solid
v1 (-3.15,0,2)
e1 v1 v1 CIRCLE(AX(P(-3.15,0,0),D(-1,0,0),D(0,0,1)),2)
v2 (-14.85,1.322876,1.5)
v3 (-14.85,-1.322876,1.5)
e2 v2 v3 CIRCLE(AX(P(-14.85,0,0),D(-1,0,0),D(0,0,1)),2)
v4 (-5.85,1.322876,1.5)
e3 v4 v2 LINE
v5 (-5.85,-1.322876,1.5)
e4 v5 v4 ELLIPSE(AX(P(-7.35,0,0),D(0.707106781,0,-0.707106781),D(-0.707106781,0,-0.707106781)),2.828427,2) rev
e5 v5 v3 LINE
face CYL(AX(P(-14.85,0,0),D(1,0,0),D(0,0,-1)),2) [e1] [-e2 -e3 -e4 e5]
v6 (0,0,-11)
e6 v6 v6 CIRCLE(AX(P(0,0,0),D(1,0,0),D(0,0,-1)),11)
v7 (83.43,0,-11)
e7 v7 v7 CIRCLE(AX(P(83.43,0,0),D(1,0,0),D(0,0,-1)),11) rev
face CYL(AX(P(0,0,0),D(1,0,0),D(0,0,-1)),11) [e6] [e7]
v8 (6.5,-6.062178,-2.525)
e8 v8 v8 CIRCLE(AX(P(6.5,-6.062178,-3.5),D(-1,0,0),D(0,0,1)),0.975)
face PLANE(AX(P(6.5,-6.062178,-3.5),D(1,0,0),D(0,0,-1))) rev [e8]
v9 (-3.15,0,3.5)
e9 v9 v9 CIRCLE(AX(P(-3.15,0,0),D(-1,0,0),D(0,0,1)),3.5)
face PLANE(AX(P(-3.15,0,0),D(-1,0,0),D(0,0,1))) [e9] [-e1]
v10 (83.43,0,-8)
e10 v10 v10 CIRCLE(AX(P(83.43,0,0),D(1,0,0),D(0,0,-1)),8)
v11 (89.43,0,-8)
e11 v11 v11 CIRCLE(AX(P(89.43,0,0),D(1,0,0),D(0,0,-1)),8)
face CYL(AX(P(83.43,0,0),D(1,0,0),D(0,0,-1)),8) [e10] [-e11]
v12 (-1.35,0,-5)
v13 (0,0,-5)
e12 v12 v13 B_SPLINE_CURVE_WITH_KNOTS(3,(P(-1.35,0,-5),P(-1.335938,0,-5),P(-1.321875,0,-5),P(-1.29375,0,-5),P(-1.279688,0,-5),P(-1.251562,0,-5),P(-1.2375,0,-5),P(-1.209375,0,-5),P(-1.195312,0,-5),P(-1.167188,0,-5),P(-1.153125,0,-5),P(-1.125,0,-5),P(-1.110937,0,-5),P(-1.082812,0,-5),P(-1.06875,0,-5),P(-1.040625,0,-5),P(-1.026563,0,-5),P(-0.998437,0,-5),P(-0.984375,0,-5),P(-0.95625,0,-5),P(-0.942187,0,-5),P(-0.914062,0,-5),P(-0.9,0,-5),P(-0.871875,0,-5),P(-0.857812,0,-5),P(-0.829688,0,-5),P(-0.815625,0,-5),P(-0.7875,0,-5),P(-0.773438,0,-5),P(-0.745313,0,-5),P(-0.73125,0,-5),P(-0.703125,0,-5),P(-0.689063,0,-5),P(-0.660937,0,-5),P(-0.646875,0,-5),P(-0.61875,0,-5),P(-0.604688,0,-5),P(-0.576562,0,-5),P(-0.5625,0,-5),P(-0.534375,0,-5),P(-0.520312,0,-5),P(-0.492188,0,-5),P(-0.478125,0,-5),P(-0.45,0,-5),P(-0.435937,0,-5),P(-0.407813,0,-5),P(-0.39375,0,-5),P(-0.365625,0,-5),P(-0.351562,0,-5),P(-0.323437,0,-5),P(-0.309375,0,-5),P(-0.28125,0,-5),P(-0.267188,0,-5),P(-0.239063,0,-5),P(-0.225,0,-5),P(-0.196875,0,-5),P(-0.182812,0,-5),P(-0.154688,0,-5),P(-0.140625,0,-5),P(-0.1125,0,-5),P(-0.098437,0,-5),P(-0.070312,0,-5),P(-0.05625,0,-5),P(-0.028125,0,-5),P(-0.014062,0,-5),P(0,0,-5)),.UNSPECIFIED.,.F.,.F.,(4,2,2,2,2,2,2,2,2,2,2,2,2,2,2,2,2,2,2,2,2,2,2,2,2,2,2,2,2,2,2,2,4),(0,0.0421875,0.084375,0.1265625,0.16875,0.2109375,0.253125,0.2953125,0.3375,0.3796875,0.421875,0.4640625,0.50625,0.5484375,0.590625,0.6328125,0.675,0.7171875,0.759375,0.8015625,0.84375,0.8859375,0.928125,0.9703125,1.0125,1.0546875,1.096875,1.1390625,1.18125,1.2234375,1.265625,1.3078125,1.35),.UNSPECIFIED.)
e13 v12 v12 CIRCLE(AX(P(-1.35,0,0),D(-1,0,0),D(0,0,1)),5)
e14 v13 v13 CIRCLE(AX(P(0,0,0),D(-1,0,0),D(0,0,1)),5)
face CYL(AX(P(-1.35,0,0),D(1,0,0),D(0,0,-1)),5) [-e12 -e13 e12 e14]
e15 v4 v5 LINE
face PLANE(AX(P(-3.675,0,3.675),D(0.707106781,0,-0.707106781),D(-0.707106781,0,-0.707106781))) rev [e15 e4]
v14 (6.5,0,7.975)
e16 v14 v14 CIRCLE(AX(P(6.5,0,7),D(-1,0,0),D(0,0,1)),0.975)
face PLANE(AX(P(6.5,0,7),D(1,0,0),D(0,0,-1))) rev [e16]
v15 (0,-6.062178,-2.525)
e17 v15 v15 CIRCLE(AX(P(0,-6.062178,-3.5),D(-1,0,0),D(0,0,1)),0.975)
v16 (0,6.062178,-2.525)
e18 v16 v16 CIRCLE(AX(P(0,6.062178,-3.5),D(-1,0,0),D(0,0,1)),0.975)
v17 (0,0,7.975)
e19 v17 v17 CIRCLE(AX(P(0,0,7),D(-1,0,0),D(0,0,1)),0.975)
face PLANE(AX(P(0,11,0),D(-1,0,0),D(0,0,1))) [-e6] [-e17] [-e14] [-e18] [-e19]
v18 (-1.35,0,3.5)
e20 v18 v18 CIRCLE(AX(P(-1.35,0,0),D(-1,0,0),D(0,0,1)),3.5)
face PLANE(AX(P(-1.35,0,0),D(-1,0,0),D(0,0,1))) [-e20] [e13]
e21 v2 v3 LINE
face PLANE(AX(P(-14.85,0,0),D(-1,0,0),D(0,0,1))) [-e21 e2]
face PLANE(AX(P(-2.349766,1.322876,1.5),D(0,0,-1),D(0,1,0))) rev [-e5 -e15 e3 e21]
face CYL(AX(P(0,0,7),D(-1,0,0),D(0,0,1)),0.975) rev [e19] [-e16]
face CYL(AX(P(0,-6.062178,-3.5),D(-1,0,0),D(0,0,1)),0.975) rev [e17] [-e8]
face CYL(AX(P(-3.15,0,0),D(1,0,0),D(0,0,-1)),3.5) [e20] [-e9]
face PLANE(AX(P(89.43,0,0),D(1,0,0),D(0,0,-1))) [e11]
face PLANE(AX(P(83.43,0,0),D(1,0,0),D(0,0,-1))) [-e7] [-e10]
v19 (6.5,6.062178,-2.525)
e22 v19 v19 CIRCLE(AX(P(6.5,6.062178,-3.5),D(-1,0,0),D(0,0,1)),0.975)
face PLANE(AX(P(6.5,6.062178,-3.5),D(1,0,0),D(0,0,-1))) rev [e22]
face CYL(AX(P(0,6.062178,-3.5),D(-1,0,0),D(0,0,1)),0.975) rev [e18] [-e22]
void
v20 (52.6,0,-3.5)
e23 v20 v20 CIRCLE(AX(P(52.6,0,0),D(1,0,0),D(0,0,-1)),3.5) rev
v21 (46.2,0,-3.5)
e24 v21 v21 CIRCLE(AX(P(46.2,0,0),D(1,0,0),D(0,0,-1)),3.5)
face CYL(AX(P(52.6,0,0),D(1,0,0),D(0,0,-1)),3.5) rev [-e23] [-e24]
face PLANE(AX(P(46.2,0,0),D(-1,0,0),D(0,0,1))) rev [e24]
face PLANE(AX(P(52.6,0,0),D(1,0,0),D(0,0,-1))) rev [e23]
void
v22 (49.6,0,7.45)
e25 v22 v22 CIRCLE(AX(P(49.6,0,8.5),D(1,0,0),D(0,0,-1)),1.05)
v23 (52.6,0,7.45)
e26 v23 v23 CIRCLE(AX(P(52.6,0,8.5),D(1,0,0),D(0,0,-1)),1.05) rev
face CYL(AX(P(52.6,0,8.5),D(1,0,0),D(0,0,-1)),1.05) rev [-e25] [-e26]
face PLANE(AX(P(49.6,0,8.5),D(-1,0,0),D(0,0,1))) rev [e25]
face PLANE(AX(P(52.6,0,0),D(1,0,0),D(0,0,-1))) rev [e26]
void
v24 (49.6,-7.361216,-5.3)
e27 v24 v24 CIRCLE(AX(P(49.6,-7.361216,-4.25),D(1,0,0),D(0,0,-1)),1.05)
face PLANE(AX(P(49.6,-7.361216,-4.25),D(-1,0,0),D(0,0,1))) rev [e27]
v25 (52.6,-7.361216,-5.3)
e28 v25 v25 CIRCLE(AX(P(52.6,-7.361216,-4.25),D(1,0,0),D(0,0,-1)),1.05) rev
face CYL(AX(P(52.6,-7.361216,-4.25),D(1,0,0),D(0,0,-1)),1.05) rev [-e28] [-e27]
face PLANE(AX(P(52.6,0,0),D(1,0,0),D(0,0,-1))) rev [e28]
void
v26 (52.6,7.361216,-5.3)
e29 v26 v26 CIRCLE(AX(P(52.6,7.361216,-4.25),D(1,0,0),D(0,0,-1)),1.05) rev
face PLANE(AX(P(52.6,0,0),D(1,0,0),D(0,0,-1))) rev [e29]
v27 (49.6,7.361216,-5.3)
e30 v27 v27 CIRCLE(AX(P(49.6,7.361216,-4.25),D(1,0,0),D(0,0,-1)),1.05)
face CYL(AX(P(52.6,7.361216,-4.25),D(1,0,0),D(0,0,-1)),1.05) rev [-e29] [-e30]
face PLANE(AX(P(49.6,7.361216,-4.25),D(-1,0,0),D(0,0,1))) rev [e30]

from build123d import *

# Parameters (mm, degrees)
SKETCH1_W           = 52.6
SKETCH1_H           = 11
SKETCH2_R           = 5
BOSS_EXTRUDE1_DEPTH = 1.35
SKETCH3_R           = 3.5
BOSS_EXTRUDE2_DEPTH = 1.8
SKETCH4_R           = 2
BOSS_EXTRUDE3_DEPTH = 11.7
CUT_EXTRUDE1_REACH  = 71.221
HOLE1_D             = 1.95
HOLE1_DEPTH         = 6.5
HOLE2_D             = 1.95
HOLE2_DEPTH         = 6.5
HOLE3_D             = 1.95
HOLE3_DEPTH         = 6.5
HOLE4_D             = 7
HOLE4_DEPTH         = 6.4
HOLE5_D             = 2.1
HOLE5_DEPTH         = 3
HOLE6_D             = 2.1
HOLE6_DEPTH         = 3
HOLE7_D             = 2.1
HOLE7_DEPTH         = 3
SKETCH25_R          = 11
BOSS_EXTRUDE4_DEPTH = 36.83
SKETCH26_R          = 12
SKETCH26_R_2        = 8
CUT_EXTRUDE2_DEPTH  = 6


with BuildPart() as part:
    # Sketch1 → Revolve1 (revolve)
    with BuildSketch(Plane.XY, mode=Mode.PRIVATE) as revolve1_sk:
        with Locations((26.3, 5.5)):
            Rectangle(SKETCH1_W, SKETCH1_H)
    revolve(revolve1_sk.sketch.rotate(Axis((0, 0, 0), (1, 0, 0)), 270), axis=Axis((0, 0, 0), (1, 0, 0)))

    # Sketch2 → Boss-Extrude1 (add)
    with BuildSketch(Plane.ZY):
        with Locations(Location((0, 0, 0), (0, 0, 180))):
            Circle(SKETCH2_R)
    extrude(amount=BOSS_EXTRUDE1_DEPTH)

    # Sketch3 → Boss-Extrude2 (add)
    with BuildSketch(Plane.ZY.offset(1.35)):
        Circle(SKETCH3_R)
    extrude(amount=BOSS_EXTRUDE2_DEPTH)

    # Sketch4 → Boss-Extrude3 (add)
    with BuildSketch(Plane.ZY.offset(3.15)):
        Circle(SKETCH4_R)
    extrude(amount=BOSS_EXTRUDE3_DEPTH)

    # Cut-Extrude1: up to this plane
    cut_extrude1_end = Plane(origin=(-3.675, 0, 3.675), z_dir=(0.707106781186547, 0, -0.707106781186548))
    # Sketch6 → Cut-Extrude1 (cut, up to the surface)
    with BuildSketch(Plane.ZY.offset(14.85), mode=Mode.PRIVATE) as cut_extrude1_sk1:
        with BuildLine():
            Line((1.5, 1.322875656), (1.5, -1.322875656))
            ThreePointArc((1.5, -1.322875656), (2, 0), (1.5, 1.322875656))
        make_face()
    cut_extrude1_tool1 = split(extrude(cut_extrude1_sk1.sketch, amount=-CUT_EXTRUDE1_REACH, mode=Mode.PRIVATE), bisect_by=cut_extrude1_end, keep=Keep.BOTH, mode=Mode.PRIVATE)
    add(cut_extrude1_tool1.solids().sort_by_distance((-14.85, 0, 1.702311))[0], mode=Mode.SUBTRACT)

    # Hole1
    with Locations(Plane.ZY):
        with Locations((7, 0)):
            Hole(HOLE1_D / 2, depth=HOLE1_DEPTH)

    # Hole2
    with Locations(Plane.ZY):
        with Locations((-3.5, -6.062177826)):
            Hole(HOLE2_D / 2, depth=HOLE2_DEPTH)

    # Hole3
    with Locations(Plane.ZY):
        with Locations((-3.5, 6.062177826)):
            Hole(HOLE3_D / 2, depth=HOLE3_DEPTH)

    # Hole4
    with Locations(Plane(origin=(52.6, 0, 0), x_dir=(0, 0, -1), z_dir=(1, 0, 0))):
        with Locations((0, 0)):
            Hole(HOLE4_D / 2, depth=HOLE4_DEPTH)

    # Hole5
    with Locations(Plane(origin=(52.6, 0, 0), x_dir=(0, 0, -1), z_dir=(1, 0, 0))):
        with Locations((-8.5, 0)):
            Hole(HOLE5_D / 2, depth=HOLE5_DEPTH)

    # Hole6
    with Locations(Plane(origin=(52.6, 0, 0), x_dir=(0, 0, -1), z_dir=(1, 0, 0))):
        with Locations((4.25, -7.361215932)):
            Hole(HOLE6_D / 2, depth=HOLE6_DEPTH)

    # Hole7
    with Locations(Plane(origin=(52.6, 0, 0), x_dir=(0, 0, -1), z_dir=(1, 0, 0))):
        with Locations((4.25, 7.361215932)):
            Hole(HOLE7_D / 2, depth=HOLE7_DEPTH)

    # Sketch25 → Boss-Extrude4 (add)
    with BuildSketch(Plane(origin=(52.6, 0, 0), x_dir=(0, 0, -1), z_dir=(1, 0, 0))):
        Circle(SKETCH25_R)
    extrude(amount=BOSS_EXTRUDE4_DEPTH)

    # Sketch26 → Cut-Extrude2 (cut)
    with BuildSketch(Plane(origin=(89.43, 0, 0), x_dir=(0, 0, -1), z_dir=(1, 0, 0))):
        Circle(SKETCH26_R)
        Circle(SKETCH26_R_2, mode=Mode.SUBTRACT)
    extrude(amount=-CUT_EXTRUDE2_DEPTH, mode=Mode.SUBTRACT)


solid = part.part
